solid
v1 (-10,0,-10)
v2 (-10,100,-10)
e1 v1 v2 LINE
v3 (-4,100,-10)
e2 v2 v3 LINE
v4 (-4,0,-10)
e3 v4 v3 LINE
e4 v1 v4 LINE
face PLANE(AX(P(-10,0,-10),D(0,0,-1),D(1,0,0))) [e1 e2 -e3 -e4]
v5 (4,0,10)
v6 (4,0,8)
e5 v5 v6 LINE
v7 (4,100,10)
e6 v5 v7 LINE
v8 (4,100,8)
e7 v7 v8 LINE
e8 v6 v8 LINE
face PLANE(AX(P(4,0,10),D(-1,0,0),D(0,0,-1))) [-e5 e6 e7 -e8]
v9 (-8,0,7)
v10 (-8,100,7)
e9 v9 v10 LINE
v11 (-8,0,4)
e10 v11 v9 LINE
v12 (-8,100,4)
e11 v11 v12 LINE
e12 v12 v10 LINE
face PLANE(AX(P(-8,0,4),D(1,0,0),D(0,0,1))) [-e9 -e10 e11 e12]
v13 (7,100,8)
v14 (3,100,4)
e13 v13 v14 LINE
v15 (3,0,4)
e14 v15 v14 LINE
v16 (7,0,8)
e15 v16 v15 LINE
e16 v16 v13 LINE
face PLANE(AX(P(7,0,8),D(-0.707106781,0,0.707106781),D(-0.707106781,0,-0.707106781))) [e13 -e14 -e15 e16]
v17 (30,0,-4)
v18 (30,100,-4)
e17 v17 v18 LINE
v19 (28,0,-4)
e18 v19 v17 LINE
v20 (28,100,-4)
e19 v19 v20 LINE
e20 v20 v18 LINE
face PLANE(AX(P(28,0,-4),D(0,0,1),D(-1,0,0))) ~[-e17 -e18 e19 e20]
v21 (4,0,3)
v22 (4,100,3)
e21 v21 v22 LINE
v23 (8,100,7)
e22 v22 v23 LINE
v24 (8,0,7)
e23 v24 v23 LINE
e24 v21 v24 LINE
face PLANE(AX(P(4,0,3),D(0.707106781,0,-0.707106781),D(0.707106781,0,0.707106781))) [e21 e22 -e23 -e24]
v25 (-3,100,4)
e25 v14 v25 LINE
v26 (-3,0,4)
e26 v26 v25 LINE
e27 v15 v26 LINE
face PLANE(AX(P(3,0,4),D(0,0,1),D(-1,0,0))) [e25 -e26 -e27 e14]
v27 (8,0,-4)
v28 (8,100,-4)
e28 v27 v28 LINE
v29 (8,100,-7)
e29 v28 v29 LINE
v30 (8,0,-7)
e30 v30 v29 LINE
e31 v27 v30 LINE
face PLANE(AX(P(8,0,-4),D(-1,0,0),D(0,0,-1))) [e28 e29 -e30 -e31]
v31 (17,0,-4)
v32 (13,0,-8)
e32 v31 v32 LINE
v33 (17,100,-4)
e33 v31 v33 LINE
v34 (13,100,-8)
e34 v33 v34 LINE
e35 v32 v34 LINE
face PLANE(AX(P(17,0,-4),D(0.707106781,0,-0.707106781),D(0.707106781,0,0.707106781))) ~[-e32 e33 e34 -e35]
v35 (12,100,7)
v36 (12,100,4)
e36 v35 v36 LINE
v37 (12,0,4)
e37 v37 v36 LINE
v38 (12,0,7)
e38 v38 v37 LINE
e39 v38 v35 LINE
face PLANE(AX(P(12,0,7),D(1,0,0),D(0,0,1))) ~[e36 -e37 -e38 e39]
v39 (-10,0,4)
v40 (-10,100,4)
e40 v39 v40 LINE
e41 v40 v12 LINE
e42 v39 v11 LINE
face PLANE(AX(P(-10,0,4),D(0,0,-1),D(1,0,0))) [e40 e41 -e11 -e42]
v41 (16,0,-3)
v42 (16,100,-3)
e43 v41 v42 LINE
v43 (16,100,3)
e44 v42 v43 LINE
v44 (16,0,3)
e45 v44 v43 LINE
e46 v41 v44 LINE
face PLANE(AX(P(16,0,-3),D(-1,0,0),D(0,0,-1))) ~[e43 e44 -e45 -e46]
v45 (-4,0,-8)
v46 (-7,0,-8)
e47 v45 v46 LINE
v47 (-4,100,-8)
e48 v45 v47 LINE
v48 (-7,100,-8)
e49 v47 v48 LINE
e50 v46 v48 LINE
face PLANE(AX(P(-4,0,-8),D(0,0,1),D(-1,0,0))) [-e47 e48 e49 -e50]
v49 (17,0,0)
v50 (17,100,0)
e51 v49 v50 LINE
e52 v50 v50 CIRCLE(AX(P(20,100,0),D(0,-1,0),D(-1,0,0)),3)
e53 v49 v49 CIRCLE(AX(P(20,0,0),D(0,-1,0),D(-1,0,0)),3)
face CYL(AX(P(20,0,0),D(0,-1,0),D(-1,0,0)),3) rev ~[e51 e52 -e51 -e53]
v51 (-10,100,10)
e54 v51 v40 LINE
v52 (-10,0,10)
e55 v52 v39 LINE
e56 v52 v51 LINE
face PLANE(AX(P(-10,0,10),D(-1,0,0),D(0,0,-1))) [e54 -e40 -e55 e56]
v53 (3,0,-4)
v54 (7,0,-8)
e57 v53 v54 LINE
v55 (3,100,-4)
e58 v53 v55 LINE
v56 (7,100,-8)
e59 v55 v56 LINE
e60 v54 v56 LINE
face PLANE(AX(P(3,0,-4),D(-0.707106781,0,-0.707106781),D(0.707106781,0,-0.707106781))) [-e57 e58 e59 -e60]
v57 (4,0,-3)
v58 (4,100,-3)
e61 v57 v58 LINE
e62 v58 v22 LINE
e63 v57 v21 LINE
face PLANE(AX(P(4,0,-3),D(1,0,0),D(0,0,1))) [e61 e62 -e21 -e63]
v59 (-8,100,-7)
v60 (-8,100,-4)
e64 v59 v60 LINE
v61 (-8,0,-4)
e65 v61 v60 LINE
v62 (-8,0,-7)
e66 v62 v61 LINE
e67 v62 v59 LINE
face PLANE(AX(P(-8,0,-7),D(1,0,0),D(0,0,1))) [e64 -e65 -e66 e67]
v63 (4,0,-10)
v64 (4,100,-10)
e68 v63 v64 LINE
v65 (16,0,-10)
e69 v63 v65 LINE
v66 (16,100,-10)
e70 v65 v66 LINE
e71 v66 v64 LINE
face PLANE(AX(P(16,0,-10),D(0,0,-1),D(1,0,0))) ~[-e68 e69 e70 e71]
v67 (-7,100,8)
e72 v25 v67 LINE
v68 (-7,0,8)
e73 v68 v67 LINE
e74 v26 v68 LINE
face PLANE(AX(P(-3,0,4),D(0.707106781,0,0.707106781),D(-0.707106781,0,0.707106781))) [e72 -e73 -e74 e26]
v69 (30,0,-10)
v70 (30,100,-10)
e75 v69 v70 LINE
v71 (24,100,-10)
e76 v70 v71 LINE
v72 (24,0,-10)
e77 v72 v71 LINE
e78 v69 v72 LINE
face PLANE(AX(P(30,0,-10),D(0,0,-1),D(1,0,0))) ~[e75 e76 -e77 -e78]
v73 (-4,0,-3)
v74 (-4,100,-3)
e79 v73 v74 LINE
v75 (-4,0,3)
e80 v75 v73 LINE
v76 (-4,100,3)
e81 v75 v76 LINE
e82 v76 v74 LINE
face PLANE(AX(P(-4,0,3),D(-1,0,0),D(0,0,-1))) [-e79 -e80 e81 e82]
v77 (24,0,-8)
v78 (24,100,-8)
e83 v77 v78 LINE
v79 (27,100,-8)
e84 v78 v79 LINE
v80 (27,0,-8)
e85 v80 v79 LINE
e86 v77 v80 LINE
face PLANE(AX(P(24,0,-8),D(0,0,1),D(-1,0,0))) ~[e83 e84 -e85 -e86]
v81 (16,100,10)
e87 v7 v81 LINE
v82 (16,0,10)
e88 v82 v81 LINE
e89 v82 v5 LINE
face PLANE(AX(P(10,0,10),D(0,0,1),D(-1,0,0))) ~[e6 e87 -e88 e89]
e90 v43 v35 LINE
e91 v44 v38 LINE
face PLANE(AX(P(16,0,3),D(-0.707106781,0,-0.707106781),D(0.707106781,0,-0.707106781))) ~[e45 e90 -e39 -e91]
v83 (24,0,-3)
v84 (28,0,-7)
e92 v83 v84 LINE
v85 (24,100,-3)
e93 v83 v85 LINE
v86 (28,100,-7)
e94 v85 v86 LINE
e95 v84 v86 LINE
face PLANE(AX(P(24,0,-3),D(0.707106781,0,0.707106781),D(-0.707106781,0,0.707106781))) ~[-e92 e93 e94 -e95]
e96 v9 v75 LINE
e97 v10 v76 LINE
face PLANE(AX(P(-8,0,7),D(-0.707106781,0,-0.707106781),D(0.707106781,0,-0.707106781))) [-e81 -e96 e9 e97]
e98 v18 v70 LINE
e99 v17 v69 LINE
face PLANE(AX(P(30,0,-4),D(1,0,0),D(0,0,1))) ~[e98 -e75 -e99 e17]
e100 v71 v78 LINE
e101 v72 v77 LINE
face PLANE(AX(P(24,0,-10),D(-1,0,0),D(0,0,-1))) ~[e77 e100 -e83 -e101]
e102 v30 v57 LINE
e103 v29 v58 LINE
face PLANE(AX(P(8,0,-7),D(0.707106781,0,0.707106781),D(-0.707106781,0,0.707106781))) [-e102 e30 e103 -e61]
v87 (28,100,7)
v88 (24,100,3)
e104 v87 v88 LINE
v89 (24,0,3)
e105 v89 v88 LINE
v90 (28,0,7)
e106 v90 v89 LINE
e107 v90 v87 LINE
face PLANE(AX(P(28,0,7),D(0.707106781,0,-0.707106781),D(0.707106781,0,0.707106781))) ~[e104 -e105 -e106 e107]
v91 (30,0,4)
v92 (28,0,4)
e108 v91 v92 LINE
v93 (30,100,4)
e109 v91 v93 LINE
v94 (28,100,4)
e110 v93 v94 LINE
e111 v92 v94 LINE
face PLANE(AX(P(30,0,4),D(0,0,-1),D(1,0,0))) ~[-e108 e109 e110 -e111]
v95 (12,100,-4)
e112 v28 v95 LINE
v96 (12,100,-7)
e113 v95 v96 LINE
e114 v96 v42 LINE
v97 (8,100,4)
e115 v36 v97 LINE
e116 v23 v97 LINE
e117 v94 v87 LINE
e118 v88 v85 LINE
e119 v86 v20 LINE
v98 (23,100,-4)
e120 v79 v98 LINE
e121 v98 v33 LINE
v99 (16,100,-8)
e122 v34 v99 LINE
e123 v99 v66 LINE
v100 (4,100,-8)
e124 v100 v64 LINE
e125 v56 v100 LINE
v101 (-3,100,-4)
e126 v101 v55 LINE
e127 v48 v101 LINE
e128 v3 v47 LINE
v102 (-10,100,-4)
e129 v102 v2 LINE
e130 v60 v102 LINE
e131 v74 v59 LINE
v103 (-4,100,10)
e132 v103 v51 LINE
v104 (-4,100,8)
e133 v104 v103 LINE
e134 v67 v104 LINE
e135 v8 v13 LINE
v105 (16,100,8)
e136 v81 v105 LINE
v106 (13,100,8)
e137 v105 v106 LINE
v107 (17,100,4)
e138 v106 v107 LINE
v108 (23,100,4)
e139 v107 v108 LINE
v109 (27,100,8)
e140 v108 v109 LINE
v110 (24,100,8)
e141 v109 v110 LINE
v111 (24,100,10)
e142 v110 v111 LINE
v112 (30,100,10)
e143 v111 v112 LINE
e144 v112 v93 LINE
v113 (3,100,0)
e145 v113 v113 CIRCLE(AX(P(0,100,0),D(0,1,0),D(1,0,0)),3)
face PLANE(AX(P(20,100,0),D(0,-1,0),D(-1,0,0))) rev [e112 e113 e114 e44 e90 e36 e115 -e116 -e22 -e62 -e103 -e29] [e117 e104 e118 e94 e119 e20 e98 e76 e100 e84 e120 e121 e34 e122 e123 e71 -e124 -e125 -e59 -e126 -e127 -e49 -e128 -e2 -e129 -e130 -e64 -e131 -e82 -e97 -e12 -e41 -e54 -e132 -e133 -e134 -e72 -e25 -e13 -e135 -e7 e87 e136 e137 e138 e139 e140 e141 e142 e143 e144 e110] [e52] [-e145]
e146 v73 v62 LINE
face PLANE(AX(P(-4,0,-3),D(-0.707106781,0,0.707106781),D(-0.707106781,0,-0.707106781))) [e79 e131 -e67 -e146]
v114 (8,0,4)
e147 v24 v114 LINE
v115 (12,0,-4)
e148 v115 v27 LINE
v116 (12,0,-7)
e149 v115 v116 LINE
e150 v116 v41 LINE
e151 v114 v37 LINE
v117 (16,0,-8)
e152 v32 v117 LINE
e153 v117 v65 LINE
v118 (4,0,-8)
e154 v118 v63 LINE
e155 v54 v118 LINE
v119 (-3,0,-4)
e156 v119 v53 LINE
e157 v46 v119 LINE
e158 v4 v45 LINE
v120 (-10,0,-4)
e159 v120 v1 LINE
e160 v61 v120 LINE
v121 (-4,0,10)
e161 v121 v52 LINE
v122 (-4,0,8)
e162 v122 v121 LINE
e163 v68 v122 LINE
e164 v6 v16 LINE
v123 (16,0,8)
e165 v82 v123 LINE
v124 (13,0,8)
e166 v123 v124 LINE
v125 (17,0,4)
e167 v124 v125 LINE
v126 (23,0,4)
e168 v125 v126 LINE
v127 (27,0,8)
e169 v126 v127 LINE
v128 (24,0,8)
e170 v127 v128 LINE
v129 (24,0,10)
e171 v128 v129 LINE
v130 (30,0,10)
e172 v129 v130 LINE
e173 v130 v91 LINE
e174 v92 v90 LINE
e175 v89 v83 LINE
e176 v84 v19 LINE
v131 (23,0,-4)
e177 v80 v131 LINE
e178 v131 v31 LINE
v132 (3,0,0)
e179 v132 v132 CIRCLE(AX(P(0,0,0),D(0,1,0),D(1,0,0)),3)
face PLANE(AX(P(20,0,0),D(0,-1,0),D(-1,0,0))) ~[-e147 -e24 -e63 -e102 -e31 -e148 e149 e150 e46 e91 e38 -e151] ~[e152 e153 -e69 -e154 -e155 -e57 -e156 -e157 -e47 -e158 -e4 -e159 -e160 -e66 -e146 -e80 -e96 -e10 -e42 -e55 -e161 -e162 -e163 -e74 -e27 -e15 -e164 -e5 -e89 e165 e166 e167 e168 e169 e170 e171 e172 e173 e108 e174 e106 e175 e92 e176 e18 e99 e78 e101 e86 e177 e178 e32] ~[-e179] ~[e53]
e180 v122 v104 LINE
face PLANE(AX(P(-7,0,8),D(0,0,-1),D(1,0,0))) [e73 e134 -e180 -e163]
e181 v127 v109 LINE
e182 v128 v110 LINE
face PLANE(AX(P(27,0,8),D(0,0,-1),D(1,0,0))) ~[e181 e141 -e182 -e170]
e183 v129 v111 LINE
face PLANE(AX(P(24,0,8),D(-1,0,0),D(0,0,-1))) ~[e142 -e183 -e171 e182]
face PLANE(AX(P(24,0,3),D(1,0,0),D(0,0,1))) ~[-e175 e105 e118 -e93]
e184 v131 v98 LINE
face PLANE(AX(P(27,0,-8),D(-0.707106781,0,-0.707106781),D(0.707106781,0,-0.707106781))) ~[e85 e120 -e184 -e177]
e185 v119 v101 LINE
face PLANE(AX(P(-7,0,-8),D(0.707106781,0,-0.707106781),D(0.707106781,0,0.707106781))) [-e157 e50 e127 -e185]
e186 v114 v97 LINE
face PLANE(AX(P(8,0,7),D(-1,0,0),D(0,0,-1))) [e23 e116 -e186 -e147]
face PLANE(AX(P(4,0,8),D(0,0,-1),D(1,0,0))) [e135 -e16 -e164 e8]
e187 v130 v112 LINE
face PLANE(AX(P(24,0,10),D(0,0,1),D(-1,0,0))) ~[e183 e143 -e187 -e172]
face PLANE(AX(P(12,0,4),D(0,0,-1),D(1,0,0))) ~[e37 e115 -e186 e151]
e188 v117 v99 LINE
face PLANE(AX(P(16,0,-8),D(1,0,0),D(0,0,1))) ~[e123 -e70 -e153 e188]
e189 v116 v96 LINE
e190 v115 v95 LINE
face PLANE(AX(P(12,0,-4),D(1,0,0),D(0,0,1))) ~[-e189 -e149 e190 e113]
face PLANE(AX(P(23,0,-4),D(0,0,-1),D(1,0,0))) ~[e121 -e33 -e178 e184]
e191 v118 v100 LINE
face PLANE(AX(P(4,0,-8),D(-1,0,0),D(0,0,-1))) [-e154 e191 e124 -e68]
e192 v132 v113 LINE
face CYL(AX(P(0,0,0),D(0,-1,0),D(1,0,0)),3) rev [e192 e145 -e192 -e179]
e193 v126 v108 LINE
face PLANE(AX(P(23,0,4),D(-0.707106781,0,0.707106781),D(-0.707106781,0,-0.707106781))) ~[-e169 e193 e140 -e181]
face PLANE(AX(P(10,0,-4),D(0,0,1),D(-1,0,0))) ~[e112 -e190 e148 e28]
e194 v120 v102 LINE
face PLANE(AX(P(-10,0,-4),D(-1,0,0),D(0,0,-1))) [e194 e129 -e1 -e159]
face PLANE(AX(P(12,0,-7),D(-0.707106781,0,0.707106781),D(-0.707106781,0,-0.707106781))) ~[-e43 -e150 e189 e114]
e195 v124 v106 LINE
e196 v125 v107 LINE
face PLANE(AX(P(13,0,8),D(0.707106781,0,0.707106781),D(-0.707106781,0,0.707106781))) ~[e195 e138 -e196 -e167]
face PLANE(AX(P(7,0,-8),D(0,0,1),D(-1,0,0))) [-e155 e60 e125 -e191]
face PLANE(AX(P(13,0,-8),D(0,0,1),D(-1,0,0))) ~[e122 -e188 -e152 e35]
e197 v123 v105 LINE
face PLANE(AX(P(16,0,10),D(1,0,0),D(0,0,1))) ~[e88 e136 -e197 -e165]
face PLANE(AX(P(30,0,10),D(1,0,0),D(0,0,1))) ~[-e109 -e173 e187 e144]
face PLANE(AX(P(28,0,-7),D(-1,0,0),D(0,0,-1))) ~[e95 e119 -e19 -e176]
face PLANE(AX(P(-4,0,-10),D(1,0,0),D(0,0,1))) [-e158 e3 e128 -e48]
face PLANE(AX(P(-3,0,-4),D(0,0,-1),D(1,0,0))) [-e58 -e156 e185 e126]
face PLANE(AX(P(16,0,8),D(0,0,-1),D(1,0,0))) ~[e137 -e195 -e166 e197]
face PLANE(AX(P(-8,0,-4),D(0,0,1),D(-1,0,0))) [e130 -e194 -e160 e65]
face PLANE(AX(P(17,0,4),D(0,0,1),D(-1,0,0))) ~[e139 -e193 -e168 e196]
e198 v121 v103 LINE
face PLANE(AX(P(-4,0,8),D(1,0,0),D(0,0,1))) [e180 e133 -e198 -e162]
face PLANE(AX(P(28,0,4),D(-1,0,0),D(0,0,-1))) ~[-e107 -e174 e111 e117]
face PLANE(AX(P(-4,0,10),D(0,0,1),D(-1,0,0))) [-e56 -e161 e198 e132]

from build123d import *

# Parameters (mm, degrees)
F_2020_SKETCH_R     = 3
BOSS_EXTRUDE1_DEPTH = 100


with BuildPart() as part:
    # 2020 sketch → Boss-Extrude1 (new body)
    with BuildSketch(Plane(origin=(0, 0, 0), x_dir=(1, 0, 0), z_dir=(0, 1, 0))):
        Polygon((-4, 10), (-4, 8), (-7, 8), (-3, 4), (3, 4), (7, 8), (4, 8), (4, 10), (10, 10), (10, 4), (8, 4), (8, 7), (4, 3), (4, -3), (8, -7), (8, -4), (10, -4), (10, -10), (4, -10), (4, -8), (7, -8), (3, -4), (-3, -4), (-7, -8), (-4, -8), (-4, -10), (-10, -10), (-10, -4), (-8, -4), (-8, -7), (-4, -3), (-4, 3), (-8, 7), (-8, 4), (-10, 4), (-10, 10), align=None)
        Circle(F_2020_SKETCH_R, mode=Mode.SUBTRACT)
    boss_extrude1 = extrude(amount=BOSS_EXTRUDE1_DEPTH)

    # Mirror1: Boss-Extrude1 across plane
    add(boss_extrude1.mirror(Plane(origin=(10, 100, 4), x_dir=(0, 0, 1), z_dir=(1, 0, 0))))


solid = part.part
